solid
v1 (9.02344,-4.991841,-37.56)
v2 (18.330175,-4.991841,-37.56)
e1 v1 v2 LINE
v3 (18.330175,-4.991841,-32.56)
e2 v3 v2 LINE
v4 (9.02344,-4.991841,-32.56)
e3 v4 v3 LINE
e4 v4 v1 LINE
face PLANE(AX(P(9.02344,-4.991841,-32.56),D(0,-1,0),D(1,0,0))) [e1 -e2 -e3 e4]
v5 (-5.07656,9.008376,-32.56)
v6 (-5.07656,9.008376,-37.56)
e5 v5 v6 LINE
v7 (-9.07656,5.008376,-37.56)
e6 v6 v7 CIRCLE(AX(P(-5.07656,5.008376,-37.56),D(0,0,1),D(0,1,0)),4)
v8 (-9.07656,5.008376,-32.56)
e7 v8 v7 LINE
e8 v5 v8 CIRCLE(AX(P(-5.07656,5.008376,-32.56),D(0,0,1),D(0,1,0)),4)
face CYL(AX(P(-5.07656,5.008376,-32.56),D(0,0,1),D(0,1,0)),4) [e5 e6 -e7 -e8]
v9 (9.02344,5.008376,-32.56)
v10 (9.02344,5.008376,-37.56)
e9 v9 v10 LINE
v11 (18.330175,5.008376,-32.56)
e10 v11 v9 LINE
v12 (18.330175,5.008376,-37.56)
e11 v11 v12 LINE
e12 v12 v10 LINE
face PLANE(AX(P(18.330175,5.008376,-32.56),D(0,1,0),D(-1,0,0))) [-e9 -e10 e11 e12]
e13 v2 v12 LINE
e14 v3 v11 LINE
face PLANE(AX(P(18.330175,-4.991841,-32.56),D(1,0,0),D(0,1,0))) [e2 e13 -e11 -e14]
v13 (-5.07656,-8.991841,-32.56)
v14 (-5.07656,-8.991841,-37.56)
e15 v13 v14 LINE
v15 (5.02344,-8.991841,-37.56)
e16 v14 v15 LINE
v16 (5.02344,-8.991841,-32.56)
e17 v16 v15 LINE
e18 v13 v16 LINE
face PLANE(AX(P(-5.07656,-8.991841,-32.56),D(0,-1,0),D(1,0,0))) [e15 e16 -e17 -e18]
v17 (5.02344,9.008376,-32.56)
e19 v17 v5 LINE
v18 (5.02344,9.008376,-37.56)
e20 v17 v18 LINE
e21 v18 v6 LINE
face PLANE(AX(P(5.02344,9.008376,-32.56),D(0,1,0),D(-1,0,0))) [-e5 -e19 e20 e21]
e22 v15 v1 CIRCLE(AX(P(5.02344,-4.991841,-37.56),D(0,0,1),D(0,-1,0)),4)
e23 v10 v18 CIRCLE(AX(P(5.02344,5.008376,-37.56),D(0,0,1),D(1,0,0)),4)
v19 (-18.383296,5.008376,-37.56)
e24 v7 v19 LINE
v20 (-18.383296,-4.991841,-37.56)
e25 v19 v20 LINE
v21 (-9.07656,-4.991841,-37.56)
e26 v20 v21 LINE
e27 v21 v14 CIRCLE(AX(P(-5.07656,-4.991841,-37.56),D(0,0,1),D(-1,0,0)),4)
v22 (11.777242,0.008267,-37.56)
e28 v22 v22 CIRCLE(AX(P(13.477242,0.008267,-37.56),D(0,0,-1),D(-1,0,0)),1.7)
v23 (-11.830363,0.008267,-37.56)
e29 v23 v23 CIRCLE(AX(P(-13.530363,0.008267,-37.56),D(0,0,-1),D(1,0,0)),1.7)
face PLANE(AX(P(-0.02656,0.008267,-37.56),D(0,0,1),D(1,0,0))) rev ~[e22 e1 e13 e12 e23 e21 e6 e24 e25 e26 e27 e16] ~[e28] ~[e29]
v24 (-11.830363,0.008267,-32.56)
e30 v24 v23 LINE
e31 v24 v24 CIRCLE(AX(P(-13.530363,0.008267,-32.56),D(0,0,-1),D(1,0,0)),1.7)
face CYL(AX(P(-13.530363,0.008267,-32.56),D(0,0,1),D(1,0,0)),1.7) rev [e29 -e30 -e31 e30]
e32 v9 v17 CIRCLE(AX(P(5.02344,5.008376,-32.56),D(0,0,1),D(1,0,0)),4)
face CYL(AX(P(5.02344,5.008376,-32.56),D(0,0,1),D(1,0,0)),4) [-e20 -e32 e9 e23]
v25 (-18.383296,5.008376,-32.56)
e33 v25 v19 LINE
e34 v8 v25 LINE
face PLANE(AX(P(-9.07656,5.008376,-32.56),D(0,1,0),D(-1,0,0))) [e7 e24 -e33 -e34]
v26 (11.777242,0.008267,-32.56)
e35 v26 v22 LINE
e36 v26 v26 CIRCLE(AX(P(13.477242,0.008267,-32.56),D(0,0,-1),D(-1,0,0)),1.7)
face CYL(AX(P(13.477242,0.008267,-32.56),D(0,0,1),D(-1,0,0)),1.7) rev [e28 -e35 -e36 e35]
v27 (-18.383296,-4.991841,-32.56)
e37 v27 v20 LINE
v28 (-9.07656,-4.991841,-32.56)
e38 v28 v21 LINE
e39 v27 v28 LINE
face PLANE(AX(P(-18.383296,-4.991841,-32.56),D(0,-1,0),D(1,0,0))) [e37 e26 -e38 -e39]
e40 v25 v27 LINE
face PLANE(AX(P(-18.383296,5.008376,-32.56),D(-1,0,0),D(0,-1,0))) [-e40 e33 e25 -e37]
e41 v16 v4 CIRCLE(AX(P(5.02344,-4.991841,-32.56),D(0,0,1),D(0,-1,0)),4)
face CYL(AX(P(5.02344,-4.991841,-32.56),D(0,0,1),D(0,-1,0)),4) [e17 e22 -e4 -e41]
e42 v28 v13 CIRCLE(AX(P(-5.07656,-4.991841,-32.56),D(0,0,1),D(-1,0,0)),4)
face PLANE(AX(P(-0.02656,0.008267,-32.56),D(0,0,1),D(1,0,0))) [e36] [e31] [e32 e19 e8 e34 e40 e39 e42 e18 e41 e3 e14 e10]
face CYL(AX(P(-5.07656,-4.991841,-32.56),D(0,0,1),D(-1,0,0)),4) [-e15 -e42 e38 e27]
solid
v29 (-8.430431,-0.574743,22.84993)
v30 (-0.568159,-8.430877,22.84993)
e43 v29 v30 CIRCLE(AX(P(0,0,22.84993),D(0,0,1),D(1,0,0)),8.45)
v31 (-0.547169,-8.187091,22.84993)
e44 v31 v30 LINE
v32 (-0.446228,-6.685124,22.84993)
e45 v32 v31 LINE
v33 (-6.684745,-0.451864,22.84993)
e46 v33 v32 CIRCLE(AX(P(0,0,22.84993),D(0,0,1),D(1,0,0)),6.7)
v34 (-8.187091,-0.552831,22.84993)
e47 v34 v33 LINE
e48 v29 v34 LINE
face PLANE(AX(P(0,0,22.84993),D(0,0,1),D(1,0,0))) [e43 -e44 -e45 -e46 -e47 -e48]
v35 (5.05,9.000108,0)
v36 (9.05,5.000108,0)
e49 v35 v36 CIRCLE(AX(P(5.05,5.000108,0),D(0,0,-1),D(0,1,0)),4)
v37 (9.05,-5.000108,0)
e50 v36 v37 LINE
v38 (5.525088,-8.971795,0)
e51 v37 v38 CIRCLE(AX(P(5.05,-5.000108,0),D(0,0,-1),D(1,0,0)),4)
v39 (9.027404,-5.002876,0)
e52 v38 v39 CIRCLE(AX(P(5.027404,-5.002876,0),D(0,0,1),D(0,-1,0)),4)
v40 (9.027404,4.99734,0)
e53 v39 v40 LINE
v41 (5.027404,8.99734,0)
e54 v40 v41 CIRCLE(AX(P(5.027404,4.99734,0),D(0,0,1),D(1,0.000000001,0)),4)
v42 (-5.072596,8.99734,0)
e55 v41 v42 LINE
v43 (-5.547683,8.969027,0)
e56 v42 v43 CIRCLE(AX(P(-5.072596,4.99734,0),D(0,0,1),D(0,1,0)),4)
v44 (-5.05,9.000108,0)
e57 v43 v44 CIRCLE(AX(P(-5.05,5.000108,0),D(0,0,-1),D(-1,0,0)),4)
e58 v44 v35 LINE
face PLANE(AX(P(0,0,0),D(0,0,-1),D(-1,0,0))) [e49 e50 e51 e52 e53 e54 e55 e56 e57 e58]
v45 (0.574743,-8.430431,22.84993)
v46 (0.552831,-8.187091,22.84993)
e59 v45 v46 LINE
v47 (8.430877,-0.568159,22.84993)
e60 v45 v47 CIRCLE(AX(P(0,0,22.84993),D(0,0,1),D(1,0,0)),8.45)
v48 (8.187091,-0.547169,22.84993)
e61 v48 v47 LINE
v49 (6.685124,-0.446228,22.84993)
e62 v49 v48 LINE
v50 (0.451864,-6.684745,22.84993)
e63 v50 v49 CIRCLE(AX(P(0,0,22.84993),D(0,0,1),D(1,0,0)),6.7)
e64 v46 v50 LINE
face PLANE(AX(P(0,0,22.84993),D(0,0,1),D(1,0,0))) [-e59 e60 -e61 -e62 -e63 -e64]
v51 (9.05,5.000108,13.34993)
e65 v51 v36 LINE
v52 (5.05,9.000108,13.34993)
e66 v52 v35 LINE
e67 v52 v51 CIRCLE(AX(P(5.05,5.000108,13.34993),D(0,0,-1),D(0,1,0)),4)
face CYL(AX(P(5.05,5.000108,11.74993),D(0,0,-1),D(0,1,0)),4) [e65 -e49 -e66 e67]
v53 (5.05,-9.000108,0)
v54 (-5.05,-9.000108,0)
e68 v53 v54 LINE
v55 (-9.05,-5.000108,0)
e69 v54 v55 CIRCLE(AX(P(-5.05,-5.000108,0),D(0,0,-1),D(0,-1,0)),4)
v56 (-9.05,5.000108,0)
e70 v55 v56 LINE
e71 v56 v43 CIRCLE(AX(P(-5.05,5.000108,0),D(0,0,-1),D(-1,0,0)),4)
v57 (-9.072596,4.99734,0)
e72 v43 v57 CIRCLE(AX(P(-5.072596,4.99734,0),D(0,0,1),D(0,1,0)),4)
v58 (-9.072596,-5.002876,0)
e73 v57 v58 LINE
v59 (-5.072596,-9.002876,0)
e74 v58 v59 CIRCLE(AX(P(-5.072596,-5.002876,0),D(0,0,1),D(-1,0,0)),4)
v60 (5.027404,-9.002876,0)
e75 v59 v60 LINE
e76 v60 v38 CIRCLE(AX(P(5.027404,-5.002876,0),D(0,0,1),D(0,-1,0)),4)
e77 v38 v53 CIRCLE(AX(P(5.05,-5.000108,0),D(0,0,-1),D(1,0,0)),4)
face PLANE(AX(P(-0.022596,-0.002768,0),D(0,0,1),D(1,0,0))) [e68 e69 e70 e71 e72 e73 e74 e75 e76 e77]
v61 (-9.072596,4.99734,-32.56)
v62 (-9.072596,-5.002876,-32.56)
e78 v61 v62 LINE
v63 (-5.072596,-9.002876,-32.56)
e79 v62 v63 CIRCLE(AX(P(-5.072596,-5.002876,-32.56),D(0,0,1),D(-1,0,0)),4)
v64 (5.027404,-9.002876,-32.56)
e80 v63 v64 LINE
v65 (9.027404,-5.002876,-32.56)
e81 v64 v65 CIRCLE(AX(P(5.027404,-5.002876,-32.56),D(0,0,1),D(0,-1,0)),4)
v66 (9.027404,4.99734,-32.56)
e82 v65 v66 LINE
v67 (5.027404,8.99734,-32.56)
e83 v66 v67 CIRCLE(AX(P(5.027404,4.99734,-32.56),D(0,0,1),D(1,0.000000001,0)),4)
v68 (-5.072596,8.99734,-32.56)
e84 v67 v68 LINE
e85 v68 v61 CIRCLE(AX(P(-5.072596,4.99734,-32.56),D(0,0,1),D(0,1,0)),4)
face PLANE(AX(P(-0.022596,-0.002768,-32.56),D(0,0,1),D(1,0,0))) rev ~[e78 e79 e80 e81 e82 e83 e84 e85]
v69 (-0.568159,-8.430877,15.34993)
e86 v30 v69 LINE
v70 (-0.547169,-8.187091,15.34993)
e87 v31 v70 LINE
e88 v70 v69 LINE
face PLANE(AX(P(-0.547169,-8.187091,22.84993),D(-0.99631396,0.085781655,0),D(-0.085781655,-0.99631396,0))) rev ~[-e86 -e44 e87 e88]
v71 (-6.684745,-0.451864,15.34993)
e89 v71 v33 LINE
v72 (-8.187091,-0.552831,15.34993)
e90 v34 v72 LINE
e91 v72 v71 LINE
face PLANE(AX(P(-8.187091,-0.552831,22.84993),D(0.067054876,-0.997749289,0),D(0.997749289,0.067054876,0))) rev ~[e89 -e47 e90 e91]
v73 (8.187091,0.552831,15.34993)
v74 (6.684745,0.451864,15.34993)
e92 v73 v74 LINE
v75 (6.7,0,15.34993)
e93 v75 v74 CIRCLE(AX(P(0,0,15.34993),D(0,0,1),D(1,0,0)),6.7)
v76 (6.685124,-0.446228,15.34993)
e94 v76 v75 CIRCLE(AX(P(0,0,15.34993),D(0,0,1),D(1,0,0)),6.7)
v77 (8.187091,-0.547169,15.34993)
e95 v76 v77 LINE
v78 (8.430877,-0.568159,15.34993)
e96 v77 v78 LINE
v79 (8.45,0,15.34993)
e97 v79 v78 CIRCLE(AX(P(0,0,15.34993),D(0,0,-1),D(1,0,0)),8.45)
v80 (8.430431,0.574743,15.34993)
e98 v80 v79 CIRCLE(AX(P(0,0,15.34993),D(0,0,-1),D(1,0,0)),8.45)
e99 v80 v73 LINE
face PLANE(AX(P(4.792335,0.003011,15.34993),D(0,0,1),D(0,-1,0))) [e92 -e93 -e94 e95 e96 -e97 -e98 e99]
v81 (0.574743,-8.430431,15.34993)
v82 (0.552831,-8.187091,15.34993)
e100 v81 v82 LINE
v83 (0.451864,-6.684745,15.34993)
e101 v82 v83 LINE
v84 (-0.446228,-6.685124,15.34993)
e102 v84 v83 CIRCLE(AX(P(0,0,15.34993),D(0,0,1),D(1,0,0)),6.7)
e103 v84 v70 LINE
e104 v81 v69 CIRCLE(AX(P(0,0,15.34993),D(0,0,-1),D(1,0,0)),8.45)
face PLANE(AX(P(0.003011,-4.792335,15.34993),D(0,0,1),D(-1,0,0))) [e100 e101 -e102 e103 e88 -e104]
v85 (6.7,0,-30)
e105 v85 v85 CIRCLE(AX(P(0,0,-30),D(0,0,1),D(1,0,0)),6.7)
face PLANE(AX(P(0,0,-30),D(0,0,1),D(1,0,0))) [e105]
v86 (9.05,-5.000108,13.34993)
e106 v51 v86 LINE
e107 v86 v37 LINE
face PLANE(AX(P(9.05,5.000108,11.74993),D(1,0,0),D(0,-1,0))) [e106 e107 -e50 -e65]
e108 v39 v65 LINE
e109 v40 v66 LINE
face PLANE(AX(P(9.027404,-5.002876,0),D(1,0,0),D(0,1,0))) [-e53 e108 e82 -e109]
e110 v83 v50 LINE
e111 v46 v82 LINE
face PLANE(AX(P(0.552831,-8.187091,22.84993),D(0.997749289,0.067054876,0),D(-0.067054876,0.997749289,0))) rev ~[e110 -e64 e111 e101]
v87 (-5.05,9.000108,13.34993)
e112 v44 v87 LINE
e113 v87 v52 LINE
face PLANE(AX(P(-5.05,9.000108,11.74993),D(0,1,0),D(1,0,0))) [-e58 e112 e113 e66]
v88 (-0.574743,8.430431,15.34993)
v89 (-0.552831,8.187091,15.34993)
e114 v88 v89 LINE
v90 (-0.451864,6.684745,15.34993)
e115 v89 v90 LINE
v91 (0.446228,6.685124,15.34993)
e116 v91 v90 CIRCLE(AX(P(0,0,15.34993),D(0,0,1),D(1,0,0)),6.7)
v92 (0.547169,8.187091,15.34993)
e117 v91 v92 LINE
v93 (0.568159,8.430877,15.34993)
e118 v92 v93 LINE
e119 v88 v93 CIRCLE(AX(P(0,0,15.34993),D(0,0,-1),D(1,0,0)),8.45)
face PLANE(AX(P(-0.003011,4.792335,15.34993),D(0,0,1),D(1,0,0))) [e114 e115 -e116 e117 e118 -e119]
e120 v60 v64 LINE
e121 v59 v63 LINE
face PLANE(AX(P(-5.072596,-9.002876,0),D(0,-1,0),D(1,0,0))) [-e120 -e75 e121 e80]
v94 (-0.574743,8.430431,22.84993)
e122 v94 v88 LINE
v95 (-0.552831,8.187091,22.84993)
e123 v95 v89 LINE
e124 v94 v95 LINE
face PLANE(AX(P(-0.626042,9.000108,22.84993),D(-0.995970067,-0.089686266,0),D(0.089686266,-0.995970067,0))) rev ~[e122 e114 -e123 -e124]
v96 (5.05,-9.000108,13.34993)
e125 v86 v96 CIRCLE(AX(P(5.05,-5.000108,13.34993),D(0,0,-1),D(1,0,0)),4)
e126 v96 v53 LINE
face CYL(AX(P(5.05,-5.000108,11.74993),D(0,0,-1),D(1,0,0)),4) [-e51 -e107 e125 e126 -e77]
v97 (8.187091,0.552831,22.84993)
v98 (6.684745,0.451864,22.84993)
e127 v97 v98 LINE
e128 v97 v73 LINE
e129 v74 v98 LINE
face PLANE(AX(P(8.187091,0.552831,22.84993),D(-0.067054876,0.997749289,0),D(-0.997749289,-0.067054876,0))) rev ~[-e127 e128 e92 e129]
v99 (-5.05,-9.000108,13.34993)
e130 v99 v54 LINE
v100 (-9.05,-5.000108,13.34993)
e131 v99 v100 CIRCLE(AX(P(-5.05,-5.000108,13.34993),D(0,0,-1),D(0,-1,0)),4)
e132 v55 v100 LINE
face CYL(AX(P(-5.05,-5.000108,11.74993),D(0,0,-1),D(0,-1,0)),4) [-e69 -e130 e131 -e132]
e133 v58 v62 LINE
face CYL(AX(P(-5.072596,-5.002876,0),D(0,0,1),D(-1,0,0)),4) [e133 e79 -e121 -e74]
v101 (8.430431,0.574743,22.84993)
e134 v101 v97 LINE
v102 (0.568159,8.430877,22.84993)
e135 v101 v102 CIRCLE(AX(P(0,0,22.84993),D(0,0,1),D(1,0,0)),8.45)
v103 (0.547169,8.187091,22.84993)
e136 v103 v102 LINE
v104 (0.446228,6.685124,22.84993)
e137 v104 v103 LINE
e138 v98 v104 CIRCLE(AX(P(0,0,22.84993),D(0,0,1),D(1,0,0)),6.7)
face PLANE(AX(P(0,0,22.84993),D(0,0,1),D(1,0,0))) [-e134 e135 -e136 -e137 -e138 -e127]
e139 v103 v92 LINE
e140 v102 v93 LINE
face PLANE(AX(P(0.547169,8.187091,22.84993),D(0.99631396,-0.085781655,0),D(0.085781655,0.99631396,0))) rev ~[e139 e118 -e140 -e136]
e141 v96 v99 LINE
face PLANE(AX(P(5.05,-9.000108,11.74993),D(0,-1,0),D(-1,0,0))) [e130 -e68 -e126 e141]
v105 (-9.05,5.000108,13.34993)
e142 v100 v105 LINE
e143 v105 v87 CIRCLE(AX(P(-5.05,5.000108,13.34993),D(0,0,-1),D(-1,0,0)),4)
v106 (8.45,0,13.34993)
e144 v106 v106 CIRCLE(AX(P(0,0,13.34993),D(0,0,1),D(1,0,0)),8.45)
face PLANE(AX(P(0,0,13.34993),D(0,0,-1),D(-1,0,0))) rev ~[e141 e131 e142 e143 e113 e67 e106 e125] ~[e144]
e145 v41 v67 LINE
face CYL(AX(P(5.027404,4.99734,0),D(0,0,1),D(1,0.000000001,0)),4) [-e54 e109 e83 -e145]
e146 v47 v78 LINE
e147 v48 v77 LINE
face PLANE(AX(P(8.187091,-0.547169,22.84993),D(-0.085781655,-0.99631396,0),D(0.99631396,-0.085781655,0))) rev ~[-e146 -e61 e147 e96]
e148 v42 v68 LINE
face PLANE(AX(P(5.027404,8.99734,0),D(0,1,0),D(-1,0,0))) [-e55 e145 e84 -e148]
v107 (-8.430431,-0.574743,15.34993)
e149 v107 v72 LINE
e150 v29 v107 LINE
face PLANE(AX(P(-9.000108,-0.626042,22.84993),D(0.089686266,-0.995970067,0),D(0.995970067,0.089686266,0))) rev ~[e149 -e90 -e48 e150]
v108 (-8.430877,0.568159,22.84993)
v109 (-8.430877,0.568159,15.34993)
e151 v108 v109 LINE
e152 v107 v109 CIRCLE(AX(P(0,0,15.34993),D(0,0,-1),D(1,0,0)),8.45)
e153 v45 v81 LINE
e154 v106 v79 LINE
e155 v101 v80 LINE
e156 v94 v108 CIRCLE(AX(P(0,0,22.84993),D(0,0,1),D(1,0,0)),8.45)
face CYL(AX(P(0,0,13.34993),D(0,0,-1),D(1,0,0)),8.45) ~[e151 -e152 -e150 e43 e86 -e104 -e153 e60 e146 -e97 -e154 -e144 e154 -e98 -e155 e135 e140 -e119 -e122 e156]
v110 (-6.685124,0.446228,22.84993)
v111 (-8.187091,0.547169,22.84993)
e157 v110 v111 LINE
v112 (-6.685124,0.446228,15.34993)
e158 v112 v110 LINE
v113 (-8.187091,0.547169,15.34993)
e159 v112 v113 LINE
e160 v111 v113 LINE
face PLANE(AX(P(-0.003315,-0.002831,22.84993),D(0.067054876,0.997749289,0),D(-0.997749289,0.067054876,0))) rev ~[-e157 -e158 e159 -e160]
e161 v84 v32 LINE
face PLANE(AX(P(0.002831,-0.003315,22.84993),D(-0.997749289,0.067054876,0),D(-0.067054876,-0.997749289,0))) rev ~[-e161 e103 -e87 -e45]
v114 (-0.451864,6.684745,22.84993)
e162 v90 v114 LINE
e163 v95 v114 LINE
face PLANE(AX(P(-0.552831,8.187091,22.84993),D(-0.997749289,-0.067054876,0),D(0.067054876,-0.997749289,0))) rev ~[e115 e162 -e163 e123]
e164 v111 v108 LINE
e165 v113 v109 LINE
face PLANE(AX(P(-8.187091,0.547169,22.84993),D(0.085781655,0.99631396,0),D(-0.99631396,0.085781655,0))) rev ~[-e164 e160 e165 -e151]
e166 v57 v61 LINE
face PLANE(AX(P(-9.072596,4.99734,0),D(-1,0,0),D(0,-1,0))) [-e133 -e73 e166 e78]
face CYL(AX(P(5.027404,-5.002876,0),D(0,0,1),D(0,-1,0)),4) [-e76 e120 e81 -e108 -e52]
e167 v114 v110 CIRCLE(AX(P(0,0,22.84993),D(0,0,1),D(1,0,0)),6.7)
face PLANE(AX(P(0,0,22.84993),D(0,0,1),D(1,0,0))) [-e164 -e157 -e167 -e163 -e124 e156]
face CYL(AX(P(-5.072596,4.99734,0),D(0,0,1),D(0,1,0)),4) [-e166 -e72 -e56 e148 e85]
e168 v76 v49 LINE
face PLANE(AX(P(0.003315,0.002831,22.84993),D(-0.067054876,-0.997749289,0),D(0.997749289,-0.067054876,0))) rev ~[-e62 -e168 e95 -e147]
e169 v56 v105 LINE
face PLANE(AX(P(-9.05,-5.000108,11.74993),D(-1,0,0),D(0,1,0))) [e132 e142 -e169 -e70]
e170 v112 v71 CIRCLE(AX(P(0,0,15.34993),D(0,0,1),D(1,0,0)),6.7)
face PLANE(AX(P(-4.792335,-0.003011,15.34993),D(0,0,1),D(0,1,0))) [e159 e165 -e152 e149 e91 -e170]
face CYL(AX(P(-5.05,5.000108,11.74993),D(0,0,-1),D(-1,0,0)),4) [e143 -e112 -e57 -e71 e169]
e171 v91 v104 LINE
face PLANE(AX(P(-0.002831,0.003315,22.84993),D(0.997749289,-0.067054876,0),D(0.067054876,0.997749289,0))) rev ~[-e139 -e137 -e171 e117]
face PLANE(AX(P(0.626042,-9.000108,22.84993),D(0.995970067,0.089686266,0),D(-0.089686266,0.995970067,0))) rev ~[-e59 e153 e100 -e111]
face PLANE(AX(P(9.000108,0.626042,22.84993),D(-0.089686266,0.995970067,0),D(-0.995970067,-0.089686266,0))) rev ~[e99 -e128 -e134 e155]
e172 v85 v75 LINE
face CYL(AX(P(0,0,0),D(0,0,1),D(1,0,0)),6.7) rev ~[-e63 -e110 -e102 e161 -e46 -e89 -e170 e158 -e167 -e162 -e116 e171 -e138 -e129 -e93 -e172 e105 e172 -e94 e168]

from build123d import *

# Parameters (mm, degrees)
BOSS_EXTRUDE1_DEPTH = 2
BOSS_EXTRUDE2_DEPTH = 11.74993
BOSS_EXTRUDE3_DEPTH = 1.6
SKETCH4_R           = 8.45
BOSS_EXTRUDE4_DEPTH = 9.5
SKETCH5_R           = 6.65
CUT_EXTRUDE1_DEPTH  = 20
BOSS_EXTRUDE5_DEPTH = 32.56
SKETCH13_R          = 6.7
CUT_EXTRUDE3_DEPTH  = 30
CUT_EXTRUDE4_DEPTH  = 7.5
CIRPATTERN2_COUNT   = 4
SKETCH16_R          = 1.7
BOSS_EXTRUDE6_DEPTH = 5


with BuildPart() as part:
    # Sketch1 → Boss-Extrude1 (new body)
    with BuildSketch(Plane.XY):
        with BuildLine():
            Line((-5.05, 9.000108401), (5.05, 9.000108401))
            ThreePointArc((5.05, 9.000108401), (7.878427125, 7.828535526), (9.05, 5.000108401))
            Line((9.05, 5.000108401), (9.05, -5.000108401))
            ThreePointArc((9.05, -5.000108401), (7.878427125, -7.828535526), (5.05, -9.000108401))
            Line((5.05, -9.000108401), (-5.05, -9.000108401))
            ThreePointArc((-5.05, -9.000108401), (-7.878427125, -7.828535526), (-9.05, -5.000108401))
            Line((-9.05, -5.000108401), (-9.05, 5.000108401))
            ThreePointArc((-9.05, 5.000108401), (-7.878427125, 7.828535526), (-5.05, 9.000108401))
        make_face()
    extrude(amount=BOSS_EXTRUDE1_DEPTH)

    # Sketch2 → Boss-Extrude2 (add)
    with BuildSketch(Plane.XY):
        with BuildLine():
            Line((-5.05, 9.000108401), (5.05, 9.000108401))
            ThreePointArc((5.05, 9.000108401), (7.878427125, 7.828535526), (9.05, 5.000108401))
            Line((9.05, 5.000108401), (9.05, -5.000108401))
            ThreePointArc((9.05, -5.000108401), (7.878427125, -7.828535526), (5.05, -9.000108401))
            Line((5.05, -9.000108401), (-5.05, -9.000108401))
            ThreePointArc((-5.05, -9.000108401), (-7.878427125, -7.828535526), (-9.05, -5.000108401))
            Line((-9.05, -5.000108401), (-9.05, 5.000108401))
            ThreePointArc((-9.05, 5.000108401), (-7.878427125, 7.828535526), (-5.05, 9.000108401))
        make_face()
    extrude(amount=BOSS_EXTRUDE2_DEPTH)

    # Sketch3 → Boss-Extrude3 (add)
    with BuildSketch(Plane.XY.offset(11.74993)):
        with BuildLine():
            Line((-5.05, 9.000108401), (5.05, 9.000108401))
            ThreePointArc((5.05, 9.000108401), (7.878427125, 7.828535526), (9.05, 5.000108401))
            Line((9.05, 5.000108401), (9.05, -5.000108401))
            ThreePointArc((9.05, -5.000108401), (7.878427125, -7.828535526), (5.05, -9.000108401))
            Line((5.05, -9.000108401), (-5.05, -9.000108401))
            ThreePointArc((-5.05, -9.000108401), (-7.878427125, -7.828535526), (-9.05, -5.000108401))
            Line((-9.05, -5.000108401), (-9.05, 5.000108401))
            ThreePointArc((-9.05, 5.000108401), (-7.878427125, 7.828535526), (-5.05, 9.000108401))
        make_face()
    extrude(amount=BOSS_EXTRUDE3_DEPTH)

    # Sketch4 → Boss-Extrude4 (add)
    with BuildSketch(Plane.XY.offset(13.34993)):
        Circle(SKETCH4_R)
    extrude(amount=BOSS_EXTRUDE4_DEPTH)

    # Sketch5 → Cut-Extrude1 (cut)
    with BuildSketch(Plane.XY.offset(13.34993)):
        Circle(SKETCH5_R)
    extrude(amount=CUT_EXTRUDE1_DEPTH, mode=Mode.SUBTRACT)

    # Sketch12 → Boss-Extrude5 (add)
    with BuildSketch(Plane(origin=(0, 0, 0), x_dir=(-1, 0, 0), z_dir=(0, 0, -1))):
        with BuildLine():
            Line((-5.027404416, 8.997340309), (5.072595584, 8.997340309))
            ThreePointArc((5.072595584, 8.997340309), (7.901022709, 7.825767433), (9.072595584, 4.997340309))
            Line((9.072595584, 4.997340309), (9.072595584, -5.002876493))
            ThreePointArc((9.072595584, -5.002876493), (7.901022709, -7.831303618), (5.072595584, -9.002876493))
            Line((5.072595584, -9.002876493), (-5.027404416, -9.002876493))
            ThreePointArc((-5.027404416, -9.002876493), (-7.85583154, -7.831303618), (-9.027404416, -5.002876493))
            Line((-9.027404416, -5.002876493), (-9.027404416, 4.997340309))
            ThreePointArc((-9.027404416, 4.997340309), (-7.85583154, 7.825767433), (-5.027404416, 8.997340309))
        make_face()
    extrude(amount=BOSS_EXTRUDE5_DEPTH)

    # Sketch13 → Cut-Extrude3 (cut, symmetric)
    with BuildSketch(Plane.XY):
        Circle(SKETCH13_R)
    extrude(amount=CUT_EXTRUDE3_DEPTH, both=True, mode=Mode.SUBTRACT)

    # Sketch15 → Cut-Extrude4 (cut)
    with BuildSketch(Plane.XY.offset(22.84993)):
        Polygon((-0.552830798, 8.187091014), (-0.002830798, 0.003314653), (0.547169202, 8.187091014), (0.617169202, 9.000108401), (-0.626042329, 9.000108401), align=None)
    cut_extrude4 = extrude(amount=-CUT_EXTRUDE4_DEPTH, mode=Mode.SUBTRACT)

    # CirPattern2: Cut-Extrude4 ×4 about axis
    cirpattern2_axis = Axis((0, 0, 0), (0, 0, 1))
    for i in range(1, CIRPATTERN2_COUNT):
        add(cut_extrude4.rotate(cirpattern2_axis, i * 360 / CIRPATTERN2_COUNT), mode=Mode.SUBTRACT)


with BuildPart() as body_2:
    # Sketch16 → Boss-Extrude6 (new body)
    with BuildSketch(Plane(origin=(0, 0, -32.56), x_dir=(-1, 0, 0), z_dir=(0, 0, -1))):
        with BuildLine():
            Line((-5.023439618, 9.008375808), (5.076560382, 9.008375808))
            ThreePointArc((5.076560382, 9.008375808), (7.904987507, 7.836802933), (9.076560382, 5.008375808))
            Line((9.076560382, 5.008375808), (18.383296185, 5.008375808))
            Line((18.383296185, 5.008375808), (18.383296185, -4.991840993))
            Line((18.383296185, -4.991840993), (9.076560382, -4.991840993))
            ThreePointArc((9.076560382, -4.991840993), (7.904987507, -7.820268118), (5.076560382, -8.991840993))
            Line((5.076560382, -8.991840993), (-5.023439618, -8.991840993))
            ThreePointArc((-5.023439618, -8.991840993), (-7.851866743, -7.820268118), (-9.023439618, -4.991840993))
            Line((-9.023439618, -4.991840993), (-18.330175421, -4.991840993))
            Line((-18.330175421, -4.991840993), (-18.330175421, 5.008375808))
            Line((-18.330175421, 5.008375808), (-9.023439618, 5.008375808))
            ThreePointArc((-9.023439618, 5.008375808), (-7.851866743, 7.836802933), (-5.023439618, 9.008375808))
        make_face()
        with Locations((-13.477242349, 0.008267407)):
            Circle(SKETCH16_R, mode=Mode.SUBTRACT)
        with Locations(Location((13.530363113, 0.008267407, 0), (0, 0, 180))):
            Circle(SKETCH16_R, mode=Mode.SUBTRACT)
    extrude(amount=BOSS_EXTRUDE6_DEPTH)


solid = Compound([part.part, body_2.part])
